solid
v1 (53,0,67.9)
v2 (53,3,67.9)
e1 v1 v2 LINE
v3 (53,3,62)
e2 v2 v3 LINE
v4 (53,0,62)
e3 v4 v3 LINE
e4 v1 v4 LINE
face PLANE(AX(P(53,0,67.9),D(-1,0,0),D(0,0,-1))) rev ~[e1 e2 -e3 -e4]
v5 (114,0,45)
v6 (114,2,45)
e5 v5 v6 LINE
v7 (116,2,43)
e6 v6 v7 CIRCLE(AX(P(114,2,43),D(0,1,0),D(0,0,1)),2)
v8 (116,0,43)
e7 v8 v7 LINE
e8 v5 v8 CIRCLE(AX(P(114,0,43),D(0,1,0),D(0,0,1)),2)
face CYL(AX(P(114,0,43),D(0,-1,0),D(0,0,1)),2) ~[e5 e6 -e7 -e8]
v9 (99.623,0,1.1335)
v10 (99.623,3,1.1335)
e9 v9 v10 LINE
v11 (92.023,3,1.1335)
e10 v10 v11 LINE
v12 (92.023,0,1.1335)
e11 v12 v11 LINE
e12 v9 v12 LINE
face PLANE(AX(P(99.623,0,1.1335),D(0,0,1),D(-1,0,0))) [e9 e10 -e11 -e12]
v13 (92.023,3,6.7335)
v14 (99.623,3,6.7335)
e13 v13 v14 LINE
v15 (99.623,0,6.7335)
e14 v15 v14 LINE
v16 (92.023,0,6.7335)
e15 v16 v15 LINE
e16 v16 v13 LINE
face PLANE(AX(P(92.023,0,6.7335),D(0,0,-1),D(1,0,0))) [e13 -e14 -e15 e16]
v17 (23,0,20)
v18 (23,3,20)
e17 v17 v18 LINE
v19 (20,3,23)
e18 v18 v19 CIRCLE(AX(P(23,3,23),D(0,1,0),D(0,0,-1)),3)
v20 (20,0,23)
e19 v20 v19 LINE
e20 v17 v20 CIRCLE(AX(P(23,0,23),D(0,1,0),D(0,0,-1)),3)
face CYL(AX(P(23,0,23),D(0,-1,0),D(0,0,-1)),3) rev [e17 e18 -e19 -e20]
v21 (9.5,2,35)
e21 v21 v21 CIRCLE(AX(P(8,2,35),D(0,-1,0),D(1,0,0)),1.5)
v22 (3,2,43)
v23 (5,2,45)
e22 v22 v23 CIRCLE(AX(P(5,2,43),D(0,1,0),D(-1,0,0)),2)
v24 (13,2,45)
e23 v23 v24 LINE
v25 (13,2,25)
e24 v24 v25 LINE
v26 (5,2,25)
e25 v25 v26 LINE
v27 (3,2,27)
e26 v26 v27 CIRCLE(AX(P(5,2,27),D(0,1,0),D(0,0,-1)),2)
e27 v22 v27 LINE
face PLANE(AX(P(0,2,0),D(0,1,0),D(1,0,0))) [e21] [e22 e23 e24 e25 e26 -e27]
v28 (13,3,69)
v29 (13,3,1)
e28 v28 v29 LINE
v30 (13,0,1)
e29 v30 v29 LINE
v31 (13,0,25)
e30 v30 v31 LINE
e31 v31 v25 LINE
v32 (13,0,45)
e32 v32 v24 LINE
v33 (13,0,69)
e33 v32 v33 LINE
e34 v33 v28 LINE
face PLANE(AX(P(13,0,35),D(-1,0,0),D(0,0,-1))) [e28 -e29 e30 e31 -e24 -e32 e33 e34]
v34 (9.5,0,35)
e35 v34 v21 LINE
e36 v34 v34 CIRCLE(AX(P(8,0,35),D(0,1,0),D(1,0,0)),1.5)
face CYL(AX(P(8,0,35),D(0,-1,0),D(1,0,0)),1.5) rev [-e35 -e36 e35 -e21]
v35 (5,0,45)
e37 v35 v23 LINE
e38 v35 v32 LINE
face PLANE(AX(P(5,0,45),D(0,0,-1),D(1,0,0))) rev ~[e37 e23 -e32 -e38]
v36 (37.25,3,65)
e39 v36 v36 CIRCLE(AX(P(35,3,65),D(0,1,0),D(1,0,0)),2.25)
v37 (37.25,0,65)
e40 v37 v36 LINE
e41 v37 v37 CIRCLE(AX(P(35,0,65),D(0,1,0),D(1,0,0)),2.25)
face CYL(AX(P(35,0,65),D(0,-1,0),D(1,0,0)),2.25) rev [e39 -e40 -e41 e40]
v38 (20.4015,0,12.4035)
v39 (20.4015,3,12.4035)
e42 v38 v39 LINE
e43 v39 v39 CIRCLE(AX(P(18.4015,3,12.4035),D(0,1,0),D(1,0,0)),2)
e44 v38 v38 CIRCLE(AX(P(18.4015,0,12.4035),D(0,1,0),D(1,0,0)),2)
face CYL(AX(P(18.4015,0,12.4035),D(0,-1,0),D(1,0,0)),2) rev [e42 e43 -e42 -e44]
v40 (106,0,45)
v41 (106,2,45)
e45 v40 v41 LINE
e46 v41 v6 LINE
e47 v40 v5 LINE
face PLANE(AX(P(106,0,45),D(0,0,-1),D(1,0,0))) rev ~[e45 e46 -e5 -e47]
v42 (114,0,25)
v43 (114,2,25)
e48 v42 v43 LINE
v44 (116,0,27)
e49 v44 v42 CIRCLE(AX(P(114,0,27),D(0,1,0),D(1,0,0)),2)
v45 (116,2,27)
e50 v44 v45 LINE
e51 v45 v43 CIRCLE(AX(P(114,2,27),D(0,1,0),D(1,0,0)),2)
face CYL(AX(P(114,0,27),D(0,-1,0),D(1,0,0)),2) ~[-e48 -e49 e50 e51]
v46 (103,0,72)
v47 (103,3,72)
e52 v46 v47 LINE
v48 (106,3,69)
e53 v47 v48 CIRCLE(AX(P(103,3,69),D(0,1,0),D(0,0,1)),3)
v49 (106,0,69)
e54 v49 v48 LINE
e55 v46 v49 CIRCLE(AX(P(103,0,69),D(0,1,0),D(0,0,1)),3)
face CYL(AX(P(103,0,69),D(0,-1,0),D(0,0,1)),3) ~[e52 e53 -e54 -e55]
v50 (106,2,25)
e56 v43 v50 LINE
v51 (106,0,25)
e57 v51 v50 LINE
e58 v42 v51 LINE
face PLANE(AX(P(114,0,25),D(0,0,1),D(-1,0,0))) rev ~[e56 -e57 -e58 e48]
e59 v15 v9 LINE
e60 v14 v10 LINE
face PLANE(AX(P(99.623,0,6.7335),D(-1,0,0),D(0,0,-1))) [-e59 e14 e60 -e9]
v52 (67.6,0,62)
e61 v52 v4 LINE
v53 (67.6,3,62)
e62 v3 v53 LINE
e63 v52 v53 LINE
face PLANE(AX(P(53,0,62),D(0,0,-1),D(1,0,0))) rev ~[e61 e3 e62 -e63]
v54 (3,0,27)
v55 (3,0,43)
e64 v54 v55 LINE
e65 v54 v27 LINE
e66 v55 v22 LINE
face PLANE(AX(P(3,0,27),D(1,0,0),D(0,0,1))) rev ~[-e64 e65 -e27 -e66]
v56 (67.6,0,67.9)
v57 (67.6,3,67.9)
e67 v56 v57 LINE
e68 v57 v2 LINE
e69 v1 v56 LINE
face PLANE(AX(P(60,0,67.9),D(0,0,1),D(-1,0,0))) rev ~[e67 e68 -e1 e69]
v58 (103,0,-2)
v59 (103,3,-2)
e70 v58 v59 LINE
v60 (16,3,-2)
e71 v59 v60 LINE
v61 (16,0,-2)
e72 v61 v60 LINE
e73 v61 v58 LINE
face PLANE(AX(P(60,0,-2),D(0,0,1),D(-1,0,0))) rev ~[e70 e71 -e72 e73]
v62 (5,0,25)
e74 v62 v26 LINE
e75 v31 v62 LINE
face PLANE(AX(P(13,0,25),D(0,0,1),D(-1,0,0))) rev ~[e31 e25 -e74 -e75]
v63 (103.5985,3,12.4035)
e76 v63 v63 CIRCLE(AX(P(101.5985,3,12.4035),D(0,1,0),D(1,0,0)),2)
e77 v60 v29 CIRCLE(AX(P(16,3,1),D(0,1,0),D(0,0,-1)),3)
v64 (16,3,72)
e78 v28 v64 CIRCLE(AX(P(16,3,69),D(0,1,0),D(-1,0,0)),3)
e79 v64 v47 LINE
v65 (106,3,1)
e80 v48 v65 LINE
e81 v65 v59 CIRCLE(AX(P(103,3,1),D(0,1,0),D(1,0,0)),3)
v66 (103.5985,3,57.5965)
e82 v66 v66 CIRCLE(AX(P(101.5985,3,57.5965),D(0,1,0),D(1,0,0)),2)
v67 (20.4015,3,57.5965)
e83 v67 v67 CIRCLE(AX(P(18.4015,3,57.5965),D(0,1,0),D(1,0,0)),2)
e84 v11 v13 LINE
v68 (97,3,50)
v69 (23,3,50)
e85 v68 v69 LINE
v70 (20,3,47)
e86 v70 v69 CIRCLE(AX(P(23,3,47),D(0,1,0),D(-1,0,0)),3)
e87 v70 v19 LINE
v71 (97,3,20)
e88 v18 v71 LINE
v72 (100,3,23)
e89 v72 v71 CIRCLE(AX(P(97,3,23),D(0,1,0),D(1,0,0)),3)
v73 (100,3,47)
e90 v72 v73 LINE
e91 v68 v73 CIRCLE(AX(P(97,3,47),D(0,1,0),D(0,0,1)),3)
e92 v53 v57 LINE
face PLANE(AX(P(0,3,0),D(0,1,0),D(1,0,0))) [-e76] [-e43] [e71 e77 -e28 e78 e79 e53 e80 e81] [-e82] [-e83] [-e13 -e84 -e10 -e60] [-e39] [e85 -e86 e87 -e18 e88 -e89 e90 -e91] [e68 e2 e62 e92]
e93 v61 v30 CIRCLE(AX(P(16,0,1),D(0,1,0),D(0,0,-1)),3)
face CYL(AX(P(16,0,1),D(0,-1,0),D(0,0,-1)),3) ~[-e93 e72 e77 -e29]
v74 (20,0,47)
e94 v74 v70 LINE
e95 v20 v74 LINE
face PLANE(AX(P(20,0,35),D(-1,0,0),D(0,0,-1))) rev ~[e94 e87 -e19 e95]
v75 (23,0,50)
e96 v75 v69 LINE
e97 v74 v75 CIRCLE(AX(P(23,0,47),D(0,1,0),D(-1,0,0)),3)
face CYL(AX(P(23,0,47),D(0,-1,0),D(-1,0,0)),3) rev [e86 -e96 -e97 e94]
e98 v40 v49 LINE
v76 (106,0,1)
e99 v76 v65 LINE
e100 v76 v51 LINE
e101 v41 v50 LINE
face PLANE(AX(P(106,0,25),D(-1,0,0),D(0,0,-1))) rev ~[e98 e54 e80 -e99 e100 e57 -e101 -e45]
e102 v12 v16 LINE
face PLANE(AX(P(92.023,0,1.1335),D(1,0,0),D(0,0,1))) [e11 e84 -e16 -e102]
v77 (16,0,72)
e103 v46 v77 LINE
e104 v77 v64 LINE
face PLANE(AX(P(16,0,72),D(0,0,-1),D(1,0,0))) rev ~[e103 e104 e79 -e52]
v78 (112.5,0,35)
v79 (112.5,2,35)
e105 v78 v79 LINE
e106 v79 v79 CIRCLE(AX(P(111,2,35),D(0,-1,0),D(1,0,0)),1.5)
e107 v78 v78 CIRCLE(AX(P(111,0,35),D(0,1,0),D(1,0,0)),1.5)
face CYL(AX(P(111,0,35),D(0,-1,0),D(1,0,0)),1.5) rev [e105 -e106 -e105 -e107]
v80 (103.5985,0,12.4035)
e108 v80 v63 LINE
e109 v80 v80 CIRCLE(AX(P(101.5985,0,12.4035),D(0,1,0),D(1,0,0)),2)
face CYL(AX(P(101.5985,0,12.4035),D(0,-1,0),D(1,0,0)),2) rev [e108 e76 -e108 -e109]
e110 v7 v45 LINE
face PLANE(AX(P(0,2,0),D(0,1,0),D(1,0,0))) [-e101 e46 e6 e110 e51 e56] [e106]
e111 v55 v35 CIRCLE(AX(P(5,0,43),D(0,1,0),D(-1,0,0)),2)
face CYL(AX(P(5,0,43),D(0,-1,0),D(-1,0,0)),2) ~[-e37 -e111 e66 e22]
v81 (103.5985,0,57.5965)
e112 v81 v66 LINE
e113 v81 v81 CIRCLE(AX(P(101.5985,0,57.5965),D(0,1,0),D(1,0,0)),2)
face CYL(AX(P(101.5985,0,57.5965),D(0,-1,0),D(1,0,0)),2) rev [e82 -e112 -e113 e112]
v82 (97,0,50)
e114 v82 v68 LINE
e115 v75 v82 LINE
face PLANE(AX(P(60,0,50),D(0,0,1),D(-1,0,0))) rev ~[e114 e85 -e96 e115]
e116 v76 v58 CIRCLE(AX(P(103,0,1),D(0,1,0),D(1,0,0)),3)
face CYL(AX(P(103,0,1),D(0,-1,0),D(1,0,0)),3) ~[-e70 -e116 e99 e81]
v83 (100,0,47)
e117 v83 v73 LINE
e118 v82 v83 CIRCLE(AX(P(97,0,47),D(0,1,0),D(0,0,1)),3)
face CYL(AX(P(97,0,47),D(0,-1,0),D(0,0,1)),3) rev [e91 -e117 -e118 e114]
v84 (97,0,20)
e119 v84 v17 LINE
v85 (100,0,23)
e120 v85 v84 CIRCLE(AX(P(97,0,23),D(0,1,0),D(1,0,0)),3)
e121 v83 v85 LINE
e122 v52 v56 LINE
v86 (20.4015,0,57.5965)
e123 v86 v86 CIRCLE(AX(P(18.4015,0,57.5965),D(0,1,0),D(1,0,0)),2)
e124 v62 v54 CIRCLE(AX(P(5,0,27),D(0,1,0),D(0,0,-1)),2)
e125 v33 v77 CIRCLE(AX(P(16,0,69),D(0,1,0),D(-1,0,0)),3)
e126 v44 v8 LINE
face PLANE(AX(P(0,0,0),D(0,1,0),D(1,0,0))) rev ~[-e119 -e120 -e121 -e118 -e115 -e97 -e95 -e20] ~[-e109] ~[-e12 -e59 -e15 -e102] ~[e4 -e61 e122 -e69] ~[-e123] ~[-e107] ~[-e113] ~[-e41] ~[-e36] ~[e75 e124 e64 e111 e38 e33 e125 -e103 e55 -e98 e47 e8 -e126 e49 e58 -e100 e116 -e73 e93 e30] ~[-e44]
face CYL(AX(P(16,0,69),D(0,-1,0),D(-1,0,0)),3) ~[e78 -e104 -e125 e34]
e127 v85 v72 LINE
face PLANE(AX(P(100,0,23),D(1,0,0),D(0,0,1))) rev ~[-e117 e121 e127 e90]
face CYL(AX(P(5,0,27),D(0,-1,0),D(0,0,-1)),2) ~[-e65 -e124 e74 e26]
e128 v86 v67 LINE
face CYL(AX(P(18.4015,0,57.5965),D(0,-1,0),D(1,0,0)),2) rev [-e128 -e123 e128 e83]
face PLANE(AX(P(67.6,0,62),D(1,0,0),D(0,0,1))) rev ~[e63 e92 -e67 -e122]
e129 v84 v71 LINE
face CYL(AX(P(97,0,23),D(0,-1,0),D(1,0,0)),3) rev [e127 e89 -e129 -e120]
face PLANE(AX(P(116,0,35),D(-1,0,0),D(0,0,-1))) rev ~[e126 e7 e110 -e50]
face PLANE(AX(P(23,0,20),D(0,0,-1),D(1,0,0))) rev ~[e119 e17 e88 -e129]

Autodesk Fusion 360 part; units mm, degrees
sketch "Sketch1" plane through (0, 0, 0) normal (0, 1, 0) x (1, 0, 0)
  circle A0 centre (18.4015, -12.4035) radius 2
  line L0 (-11, -35) -> (125, -35)
  line L1 (60, 10) -> (60, -83.0941)
  circle A1 centre (101.5985, -12.4035) radius 2
  circle A2 centre (18.4015, -57.5965) radius 2
  circle A3 centre (101.5985, -57.5965) radius 2
  line L2 (5, -45) -> (13, -45)
  line L3 (13, -45) -> (13, -25)
  line L4 (13, -25) -> (5, -25)
  line L5 (3, -27) -> (3, -43)
  circle A4 centre (8, -35) radius 1.5
  line L6 (97, -50) -> (23, -50)
  line L7 (20, -47) -> (20, -23)
  line L8 (23, -20) -> (97, -20)
  line L9 (100, -23) -> (100, -47)
  arc A5 (20, -47) -> (23, -50) centre (23, -47) ccw
  arc A6 (23, -20) -> (20, -23) centre (23, -23) ccw
  arc A7 (97, -50) -> (100, -47) centre (97, -47) ccw
  arc A8 (100, -23) -> (97, -20) centre (97, -23) ccw
  arc A9 (3, -43) -> (5, -45) centre (5, -43) ccw
  arc A10 (5, -25) -> (3, -27) centre (5, -27) ccw
  line L10 (106, -45) -> (114, -45)
  line L11 (116, -43) -> (116, -27)
  line L12 (114, -25) -> (106, -25)
  line L13 (106, -25) -> (106, -45)
  arc A11 (114, -45) -> (116, -43) centre (114, -43) ccw
  arc A12 (116, -27) -> (114, -25) centre (114, -27) ccw
  circle A13 centre (111, -35) radius 1.5
  line L14 (92.023, -6.7335) -> (99.623, -6.7335)
  line L15 (99.623, -6.7335) -> (99.623, -1.1335)
  line L16 (99.623, -1.1335) -> (92.023, -1.1335)
  line L17 (92.023, -1.1335) -> (92.023, -6.7335)
  circle A14 centre (35, -65) radius 2.25
  line L18 (53, -62) -> (67.6, -62)
  line L19 (67.6, -62) -> (67.6, -67.9)
  line L20 (67.6, -67.9) -> (53, -67.9)
  line L21 (53, -67.9) -> (53, -62)
  line L22 (13, -1) -> (13, -69)
  line L23 (16, -72) -> (103, -72)
  line L24 (106, -69) -> (106, -1)
  line L25 (103, 2) -> (16, 2)
  arc A15 (16, 2) -> (13, -1) centre (16, -1) ccw
  arc A16 (106, -1) -> (103, 2) centre (103, -1) ccw
  arc A17 (13, -69) -> (16, -72) centre (16, -69) ccw
  arc A18 (103, -72) -> (106, -69) centre (103, -69) ccw
  point P0 (0, -70)
  point P1 (3, -45)
  point P2 (116, -45)
  point P3 (109, -75)
  dimension "d8" = 4
  dimension "d11" = 10
  dimension "d12" = 3
  dimension "d17" = 3
  dimension "d18" = 3
  dimension "d19" = 3
  dimension "d20" = 3
  dimension "d21" = 2
  dimension "d22" = 2
  dimension "d33" = 10
  dimension "d34" = 2
  dimension "d35" = 2
  dimension "d36" = 3
  dimension "d51" = 7.6
  dimension "d52" = 5.6
  dimension "d53" = 4.5
  dimension "d54" = 5.9
  dimension "d55" = 14.6
  dimension "d63" = 3
  dimension "d64" = 3
  dimension "d65" = 3
  dimension "d66" = 3
extrude "Extrude10" add sketch "Sketch1" along normal blind 3 contours L0 L1 L3 L7 L8 A6 L22 L25 A15 | L0 L1 L3 L6 L7 A5 L18 L20 L21 L22 L23 A17 | L0 L1 L8 L9 A8 L13 L24 L25 A16 | L0 L1 L6 L9 A7 L13 L18 L19 L20 L23 L24 A18
extrude "Extrude11" add sketch "Sketch1" along normal blind 2 contours L0 L3 L4 L5 A4 A10 L22 | L0 L2 L3 L5 A4 A9 L22 | L0 L11 L12 L13 A12 A13 L24 | L0 L10 L11 L13 A11 A13 L24
